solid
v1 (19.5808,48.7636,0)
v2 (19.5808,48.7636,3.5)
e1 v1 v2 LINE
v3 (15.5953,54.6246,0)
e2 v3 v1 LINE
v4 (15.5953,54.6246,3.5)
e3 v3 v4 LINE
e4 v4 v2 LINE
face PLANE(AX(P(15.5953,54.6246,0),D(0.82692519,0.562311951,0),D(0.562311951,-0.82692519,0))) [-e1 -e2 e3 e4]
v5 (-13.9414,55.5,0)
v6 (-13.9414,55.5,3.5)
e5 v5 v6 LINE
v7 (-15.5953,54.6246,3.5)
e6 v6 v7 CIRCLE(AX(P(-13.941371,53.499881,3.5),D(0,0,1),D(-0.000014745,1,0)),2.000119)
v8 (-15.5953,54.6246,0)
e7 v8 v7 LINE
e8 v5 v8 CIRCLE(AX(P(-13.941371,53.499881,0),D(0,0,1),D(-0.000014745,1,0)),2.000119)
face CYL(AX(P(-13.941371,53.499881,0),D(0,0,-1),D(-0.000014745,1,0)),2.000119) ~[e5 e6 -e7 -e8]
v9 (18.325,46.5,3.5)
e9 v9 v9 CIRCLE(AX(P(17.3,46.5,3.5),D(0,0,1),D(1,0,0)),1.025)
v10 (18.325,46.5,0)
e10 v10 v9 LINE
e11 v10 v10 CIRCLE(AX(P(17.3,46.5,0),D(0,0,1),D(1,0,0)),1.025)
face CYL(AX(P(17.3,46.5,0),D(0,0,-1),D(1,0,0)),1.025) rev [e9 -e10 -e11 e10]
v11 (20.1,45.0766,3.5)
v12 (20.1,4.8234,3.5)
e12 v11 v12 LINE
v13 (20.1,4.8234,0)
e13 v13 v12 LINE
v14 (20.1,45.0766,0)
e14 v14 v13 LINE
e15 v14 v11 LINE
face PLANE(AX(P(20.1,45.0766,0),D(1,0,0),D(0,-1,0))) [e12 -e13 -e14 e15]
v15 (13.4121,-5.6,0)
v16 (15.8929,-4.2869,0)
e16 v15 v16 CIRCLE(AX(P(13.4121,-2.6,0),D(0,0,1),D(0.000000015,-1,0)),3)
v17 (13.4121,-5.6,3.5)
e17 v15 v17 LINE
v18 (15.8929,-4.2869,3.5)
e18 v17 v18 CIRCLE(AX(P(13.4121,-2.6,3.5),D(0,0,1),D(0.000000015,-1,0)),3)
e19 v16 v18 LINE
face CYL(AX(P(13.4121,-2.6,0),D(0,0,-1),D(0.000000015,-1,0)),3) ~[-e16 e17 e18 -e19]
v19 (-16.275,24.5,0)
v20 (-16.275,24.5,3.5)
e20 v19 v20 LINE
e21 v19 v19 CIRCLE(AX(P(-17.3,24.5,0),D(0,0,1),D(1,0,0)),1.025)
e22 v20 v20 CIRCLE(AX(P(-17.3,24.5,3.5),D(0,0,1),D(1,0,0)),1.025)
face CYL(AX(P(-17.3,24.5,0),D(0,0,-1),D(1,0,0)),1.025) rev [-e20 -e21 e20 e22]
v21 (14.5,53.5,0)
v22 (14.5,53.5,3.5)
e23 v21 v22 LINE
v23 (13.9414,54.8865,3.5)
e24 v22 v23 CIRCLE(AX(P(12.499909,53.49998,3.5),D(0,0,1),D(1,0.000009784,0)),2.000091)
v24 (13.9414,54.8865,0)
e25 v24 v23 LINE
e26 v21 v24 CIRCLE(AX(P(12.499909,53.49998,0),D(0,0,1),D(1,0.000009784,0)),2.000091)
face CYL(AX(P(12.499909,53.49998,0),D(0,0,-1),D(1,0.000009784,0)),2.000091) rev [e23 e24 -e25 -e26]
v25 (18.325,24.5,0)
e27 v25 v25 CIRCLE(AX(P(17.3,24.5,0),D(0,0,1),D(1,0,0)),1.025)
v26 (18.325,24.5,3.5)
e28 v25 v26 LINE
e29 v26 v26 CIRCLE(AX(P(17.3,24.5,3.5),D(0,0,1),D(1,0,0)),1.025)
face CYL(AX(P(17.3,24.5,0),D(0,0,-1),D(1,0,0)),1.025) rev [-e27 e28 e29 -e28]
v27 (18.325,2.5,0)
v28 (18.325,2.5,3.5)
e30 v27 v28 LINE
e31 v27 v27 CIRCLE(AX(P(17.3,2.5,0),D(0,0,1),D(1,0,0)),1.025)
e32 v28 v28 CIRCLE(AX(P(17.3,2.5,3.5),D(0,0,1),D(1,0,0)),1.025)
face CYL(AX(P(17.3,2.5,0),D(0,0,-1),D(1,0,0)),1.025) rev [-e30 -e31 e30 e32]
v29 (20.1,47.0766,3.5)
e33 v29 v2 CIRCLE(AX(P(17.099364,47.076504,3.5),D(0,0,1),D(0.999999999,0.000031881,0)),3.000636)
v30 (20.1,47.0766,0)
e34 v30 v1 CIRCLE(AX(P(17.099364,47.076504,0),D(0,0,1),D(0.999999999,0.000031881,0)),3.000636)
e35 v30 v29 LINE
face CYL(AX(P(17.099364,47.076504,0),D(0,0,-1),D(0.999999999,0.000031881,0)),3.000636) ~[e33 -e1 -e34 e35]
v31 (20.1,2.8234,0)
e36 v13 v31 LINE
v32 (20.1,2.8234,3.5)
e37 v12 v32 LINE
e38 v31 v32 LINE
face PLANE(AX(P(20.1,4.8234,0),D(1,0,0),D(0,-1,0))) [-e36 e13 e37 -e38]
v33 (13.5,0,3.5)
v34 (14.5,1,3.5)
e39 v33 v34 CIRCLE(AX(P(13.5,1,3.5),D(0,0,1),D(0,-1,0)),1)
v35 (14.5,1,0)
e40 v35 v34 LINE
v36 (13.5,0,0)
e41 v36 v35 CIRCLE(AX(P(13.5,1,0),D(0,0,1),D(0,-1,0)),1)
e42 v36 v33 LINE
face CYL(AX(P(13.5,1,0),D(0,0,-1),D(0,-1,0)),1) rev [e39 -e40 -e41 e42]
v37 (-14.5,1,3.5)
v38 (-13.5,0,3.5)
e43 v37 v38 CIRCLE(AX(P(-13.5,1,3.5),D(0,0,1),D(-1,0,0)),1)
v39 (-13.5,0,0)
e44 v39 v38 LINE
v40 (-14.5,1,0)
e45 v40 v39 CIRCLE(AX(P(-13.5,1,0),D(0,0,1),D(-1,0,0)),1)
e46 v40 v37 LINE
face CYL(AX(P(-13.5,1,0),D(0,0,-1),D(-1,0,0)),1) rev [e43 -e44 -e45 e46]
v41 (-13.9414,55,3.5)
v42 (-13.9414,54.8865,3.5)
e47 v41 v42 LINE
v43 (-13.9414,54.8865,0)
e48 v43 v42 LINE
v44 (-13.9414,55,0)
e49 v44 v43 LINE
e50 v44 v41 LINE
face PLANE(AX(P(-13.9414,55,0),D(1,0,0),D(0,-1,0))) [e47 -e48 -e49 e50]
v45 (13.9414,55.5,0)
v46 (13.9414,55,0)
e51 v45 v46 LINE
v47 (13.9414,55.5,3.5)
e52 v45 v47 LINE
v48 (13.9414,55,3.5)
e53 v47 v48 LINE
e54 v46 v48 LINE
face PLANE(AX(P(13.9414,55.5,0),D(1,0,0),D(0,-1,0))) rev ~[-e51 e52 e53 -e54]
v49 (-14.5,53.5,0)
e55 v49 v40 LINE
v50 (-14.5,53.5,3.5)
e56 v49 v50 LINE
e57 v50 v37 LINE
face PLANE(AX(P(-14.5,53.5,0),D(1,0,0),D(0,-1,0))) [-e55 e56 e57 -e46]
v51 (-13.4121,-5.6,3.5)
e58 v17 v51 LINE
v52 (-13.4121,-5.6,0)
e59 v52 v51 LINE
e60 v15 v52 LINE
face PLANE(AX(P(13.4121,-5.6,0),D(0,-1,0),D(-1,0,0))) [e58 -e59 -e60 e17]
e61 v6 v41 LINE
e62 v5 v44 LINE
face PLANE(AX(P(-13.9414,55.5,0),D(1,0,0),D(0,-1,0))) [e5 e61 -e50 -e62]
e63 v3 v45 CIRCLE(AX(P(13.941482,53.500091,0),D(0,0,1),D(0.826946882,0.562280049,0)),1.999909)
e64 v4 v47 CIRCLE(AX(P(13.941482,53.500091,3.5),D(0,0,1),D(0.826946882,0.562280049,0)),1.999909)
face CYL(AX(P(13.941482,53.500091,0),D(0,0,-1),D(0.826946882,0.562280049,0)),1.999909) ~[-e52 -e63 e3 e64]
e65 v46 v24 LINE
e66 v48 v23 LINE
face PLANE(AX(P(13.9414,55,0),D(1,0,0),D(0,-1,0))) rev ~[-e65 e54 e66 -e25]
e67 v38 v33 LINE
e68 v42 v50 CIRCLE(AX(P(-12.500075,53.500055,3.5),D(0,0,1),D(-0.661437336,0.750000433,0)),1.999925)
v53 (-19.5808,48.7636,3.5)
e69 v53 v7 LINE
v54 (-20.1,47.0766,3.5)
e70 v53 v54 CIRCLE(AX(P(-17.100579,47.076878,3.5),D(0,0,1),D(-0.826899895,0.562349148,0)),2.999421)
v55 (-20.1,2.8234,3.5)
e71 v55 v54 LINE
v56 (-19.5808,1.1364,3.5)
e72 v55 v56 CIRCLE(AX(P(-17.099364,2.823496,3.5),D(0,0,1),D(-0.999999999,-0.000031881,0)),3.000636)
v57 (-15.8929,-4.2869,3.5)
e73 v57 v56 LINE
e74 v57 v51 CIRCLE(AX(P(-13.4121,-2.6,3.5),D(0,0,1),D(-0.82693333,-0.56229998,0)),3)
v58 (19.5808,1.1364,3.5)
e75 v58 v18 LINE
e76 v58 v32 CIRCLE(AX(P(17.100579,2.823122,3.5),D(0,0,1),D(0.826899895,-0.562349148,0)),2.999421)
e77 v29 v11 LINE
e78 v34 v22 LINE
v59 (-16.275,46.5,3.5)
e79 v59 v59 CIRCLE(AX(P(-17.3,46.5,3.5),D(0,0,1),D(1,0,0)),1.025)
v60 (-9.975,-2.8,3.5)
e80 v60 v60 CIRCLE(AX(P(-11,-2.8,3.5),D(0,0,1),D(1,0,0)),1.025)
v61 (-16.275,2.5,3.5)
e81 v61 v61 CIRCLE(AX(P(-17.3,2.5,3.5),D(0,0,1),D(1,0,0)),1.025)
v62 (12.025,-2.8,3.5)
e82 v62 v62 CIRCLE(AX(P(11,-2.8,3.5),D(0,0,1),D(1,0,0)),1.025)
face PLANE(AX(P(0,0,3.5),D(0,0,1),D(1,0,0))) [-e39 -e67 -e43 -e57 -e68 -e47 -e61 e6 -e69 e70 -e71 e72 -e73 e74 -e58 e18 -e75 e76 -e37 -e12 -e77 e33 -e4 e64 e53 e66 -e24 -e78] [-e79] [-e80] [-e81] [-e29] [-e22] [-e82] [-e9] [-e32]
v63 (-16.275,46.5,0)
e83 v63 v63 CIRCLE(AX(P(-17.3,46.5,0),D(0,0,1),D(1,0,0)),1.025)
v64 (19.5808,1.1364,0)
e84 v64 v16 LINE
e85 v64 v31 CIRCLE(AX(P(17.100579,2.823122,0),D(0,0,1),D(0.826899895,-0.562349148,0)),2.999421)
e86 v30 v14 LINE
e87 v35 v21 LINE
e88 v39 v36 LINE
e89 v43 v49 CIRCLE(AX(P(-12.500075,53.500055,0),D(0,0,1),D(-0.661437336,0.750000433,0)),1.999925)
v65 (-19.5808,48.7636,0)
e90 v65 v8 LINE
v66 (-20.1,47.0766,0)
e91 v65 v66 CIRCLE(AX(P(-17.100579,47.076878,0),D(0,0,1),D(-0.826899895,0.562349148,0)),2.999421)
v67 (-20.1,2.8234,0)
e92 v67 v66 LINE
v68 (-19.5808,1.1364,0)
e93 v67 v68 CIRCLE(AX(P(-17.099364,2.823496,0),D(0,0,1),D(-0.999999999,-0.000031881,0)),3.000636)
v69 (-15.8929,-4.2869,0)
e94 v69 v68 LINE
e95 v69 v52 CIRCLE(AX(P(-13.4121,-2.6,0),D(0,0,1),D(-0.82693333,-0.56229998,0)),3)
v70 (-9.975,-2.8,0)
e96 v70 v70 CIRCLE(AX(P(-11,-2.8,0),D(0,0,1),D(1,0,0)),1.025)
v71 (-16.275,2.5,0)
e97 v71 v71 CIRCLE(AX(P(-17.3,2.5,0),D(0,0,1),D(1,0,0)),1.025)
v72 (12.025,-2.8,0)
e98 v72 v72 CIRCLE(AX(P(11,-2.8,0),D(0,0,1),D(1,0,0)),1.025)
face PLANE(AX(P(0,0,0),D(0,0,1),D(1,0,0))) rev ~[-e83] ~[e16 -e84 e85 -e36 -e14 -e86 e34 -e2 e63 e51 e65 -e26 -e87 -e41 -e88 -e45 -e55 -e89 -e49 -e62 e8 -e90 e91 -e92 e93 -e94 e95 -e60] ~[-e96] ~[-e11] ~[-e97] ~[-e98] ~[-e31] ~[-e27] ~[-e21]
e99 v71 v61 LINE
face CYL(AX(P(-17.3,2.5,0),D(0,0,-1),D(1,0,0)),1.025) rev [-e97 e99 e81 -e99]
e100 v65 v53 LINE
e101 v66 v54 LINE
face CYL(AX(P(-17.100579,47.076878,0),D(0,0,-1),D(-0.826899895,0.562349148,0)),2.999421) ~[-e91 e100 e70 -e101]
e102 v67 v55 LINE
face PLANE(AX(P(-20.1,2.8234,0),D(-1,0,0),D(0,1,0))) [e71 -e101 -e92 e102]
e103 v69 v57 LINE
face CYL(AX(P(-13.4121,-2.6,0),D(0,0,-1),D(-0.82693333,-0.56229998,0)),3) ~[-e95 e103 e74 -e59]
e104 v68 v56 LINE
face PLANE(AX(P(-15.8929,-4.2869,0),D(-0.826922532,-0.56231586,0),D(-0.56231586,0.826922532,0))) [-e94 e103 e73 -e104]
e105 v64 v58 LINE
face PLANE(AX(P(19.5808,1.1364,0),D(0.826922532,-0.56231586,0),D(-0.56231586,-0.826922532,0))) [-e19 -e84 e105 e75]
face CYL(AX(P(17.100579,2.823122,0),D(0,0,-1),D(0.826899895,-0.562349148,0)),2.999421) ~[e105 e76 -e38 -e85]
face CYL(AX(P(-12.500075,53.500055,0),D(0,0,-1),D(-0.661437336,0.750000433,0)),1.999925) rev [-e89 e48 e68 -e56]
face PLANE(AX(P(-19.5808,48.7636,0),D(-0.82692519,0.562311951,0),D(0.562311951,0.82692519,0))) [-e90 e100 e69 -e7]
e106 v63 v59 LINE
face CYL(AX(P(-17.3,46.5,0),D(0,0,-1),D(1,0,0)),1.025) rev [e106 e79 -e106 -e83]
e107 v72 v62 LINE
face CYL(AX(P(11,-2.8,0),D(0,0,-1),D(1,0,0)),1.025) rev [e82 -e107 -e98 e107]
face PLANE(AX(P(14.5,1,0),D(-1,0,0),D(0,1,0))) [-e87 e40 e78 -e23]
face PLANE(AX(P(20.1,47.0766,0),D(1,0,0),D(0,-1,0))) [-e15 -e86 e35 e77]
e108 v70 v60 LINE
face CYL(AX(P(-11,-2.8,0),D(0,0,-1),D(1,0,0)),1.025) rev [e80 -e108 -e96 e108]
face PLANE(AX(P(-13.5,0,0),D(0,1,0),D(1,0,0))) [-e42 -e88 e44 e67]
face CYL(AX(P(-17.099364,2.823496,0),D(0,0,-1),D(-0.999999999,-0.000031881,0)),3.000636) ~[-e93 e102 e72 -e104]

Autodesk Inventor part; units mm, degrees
ref_plane "YZ Plane" through (0, 0, 0) normal (1, 0, 0) x (0, 1, 0)
ref_plane "XZ Plane" through (0, 0, 0) normal (0, 1, 0) x (-1, 0, 0)
ref_plane "XY Plane" through (0, 0, 0) normal (0, 0, 1) x (1, 0, 0)
sketch "Sketch1" plane through (0, 0, 0) normal (0, 0, 1) x (1, 0, 0)
  line L0 (-14.5, 53.5) -> (-14.5, 1)
  line L1 (-20.1, 2.8234) -> (-20.1, 47.0766)
  arc A0 (-20.1, 2.8234) -> (-19.5808, 1.1364) centre (-17.1, 2.8234) ccw
  line L2 (-15.8929, -4.2869) -> (-19.5808, 1.1364)
  arc A1 (-15.8929, -4.2869) -> (-13.4121, -5.6) centre (-13.4121, -2.6) ccw
  line L3 (13.4121, -5.6) -> (-13.4121, -5.6)
  arc A2 (13.4121, -5.6) -> (15.8929, -4.2869) centre (13.4121, -2.6) ccw
  line L4 (19.5808, 1.1364) -> (15.8929, -4.2869)
  line L5 (-13.5, 0) -> (13.5, 0)
  line L6 (14.5, 1) -> (14.5, 53.5)
  arc A3 (13.5, 0) -> (14.5, 1) centre (13.5, 1) ccw
  arc A4 (19.5808, 1.1364) -> (20.1, 2.8234) centre (17.1, 2.8234) ccw
  line L7 (20.1, 47.0766) -> (20.1, 2.8234)
  arc A5 (20.1, 47.0766) -> (19.5808, 48.7636) centre (17.1, 47.0766) ccw
  line L8 (15.5953, 54.6246) -> (19.5808, 48.7636)
  arc A6 (-19.5808, 48.7636) -> (-20.1, 47.0766) centre (-17.1, 47.0766) ccw
  line L9 (-19.5808, 48.7636) -> (-15.5953, 54.6246)
  arc A7 (-13.9414, 55.5) -> (-15.5953, 54.6246) centre (-13.9414, 53.5) ccw
  line L10 (-13.9414, 55.5) -> (-13.9414, 55)
  arc A8 (-13.8229, 55) -> (-14.5, 53.5) centre (-12.5, 53.5) ccw
  arc A9 (15.5953, 54.6246) -> (13.9414, 55.5) centre (13.9414, 53.5) ccw
  line L11 (13.9414, 55.5) -> (13.9414, 55)
  arc A10 (14.5, 53.5) -> (13.8229, 55) centre (12.5, 53.5) ccw
  line L12 (-13.9414, 55) -> (-13.9414, 54.8865)
  arc A11 (-12.5, 55.5) -> (-14.5, 53.5) centre (-12.5, 53.5) ccw
  line L13 (13.9414, 55) -> (13.9414, 54.8865)
  circle A12 centre (17.3, 46.5) radius 1.025
  circle A13 centre (-17.3, 46.5) radius 1.025
  circle A14 centre (-17.3, 24.5) radius 1.025
  circle A15 centre (-17.3, 2.5) radius 1.025
  circle A16 centre (-11, -2.8) radius 1.025
  circle A17 centre (11, -2.8) radius 1.025
  circle A18 centre (17.3, 2.5) radius 1.025
  circle A19 centre (17.3, 24.5) radius 1.025
  arc A20 (-14.5, 1) -> (-13.5, 0) centre (-13.5, 1) ccw
  line L14 (20.1, 47.0766) -> (21.1, 47.0766)
  line L15 (21.1, 47.0766) -> (21.1, 45.0766)
  line L16 (21.1, 45.0766) -> (20.1, 45.0766)
  line L17 (20.1, 45.0766) -> (20.1, 47.0766)
  line L18 (21.1, 45.0766) -> (23.1, 45.0766)
  line L19 (23.1, 45.0766) -> (23.1, 47.0766)
  line L20 (23.1, 47.0766) -> (21.1, 47.0766)
  line L21 (21.1, 47.0766) -> (21.1, 45.0766)
  line L22 (20.1, 2.8234) -> (21.1, 2.8234)
  line L23 (21.1, 2.8234) -> (21.1, 4.8234)
  line L24 (21.1, 4.8234) -> (20.1, 4.8234)
  line L25 (20.1, 4.8234) -> (20.1, 2.8234)
  line L26 (21.1, 4.8234) -> (23.1, 4.8234)
  line L27 (23.1, 4.8234) -> (23.1, 2.8234)
  line L28 (23.1, 2.8234) -> (21.1, 2.8234)
  line L29 (21.1, 2.8234) -> (21.1, 4.8234)
  point P0 (0, 42.5)
  point P1 (0, 0)
  dimension "d2" = 1
  dimension "d3" = 2
  dimension "d4" = 2
  dimension "d5" = 1
  dimension "d6" = 2
extrude "Extrusion1" add sketch "Sketch1" along normal blind 3.5 contours L0 A20 L5 A3 L6 A10 L13 L11 A9 L8 A5 L7 A4 L4 A2 L3 A1 L2 A0 L1 A6 L9 A7 L10 L12 A8
properties part number "spacer"
